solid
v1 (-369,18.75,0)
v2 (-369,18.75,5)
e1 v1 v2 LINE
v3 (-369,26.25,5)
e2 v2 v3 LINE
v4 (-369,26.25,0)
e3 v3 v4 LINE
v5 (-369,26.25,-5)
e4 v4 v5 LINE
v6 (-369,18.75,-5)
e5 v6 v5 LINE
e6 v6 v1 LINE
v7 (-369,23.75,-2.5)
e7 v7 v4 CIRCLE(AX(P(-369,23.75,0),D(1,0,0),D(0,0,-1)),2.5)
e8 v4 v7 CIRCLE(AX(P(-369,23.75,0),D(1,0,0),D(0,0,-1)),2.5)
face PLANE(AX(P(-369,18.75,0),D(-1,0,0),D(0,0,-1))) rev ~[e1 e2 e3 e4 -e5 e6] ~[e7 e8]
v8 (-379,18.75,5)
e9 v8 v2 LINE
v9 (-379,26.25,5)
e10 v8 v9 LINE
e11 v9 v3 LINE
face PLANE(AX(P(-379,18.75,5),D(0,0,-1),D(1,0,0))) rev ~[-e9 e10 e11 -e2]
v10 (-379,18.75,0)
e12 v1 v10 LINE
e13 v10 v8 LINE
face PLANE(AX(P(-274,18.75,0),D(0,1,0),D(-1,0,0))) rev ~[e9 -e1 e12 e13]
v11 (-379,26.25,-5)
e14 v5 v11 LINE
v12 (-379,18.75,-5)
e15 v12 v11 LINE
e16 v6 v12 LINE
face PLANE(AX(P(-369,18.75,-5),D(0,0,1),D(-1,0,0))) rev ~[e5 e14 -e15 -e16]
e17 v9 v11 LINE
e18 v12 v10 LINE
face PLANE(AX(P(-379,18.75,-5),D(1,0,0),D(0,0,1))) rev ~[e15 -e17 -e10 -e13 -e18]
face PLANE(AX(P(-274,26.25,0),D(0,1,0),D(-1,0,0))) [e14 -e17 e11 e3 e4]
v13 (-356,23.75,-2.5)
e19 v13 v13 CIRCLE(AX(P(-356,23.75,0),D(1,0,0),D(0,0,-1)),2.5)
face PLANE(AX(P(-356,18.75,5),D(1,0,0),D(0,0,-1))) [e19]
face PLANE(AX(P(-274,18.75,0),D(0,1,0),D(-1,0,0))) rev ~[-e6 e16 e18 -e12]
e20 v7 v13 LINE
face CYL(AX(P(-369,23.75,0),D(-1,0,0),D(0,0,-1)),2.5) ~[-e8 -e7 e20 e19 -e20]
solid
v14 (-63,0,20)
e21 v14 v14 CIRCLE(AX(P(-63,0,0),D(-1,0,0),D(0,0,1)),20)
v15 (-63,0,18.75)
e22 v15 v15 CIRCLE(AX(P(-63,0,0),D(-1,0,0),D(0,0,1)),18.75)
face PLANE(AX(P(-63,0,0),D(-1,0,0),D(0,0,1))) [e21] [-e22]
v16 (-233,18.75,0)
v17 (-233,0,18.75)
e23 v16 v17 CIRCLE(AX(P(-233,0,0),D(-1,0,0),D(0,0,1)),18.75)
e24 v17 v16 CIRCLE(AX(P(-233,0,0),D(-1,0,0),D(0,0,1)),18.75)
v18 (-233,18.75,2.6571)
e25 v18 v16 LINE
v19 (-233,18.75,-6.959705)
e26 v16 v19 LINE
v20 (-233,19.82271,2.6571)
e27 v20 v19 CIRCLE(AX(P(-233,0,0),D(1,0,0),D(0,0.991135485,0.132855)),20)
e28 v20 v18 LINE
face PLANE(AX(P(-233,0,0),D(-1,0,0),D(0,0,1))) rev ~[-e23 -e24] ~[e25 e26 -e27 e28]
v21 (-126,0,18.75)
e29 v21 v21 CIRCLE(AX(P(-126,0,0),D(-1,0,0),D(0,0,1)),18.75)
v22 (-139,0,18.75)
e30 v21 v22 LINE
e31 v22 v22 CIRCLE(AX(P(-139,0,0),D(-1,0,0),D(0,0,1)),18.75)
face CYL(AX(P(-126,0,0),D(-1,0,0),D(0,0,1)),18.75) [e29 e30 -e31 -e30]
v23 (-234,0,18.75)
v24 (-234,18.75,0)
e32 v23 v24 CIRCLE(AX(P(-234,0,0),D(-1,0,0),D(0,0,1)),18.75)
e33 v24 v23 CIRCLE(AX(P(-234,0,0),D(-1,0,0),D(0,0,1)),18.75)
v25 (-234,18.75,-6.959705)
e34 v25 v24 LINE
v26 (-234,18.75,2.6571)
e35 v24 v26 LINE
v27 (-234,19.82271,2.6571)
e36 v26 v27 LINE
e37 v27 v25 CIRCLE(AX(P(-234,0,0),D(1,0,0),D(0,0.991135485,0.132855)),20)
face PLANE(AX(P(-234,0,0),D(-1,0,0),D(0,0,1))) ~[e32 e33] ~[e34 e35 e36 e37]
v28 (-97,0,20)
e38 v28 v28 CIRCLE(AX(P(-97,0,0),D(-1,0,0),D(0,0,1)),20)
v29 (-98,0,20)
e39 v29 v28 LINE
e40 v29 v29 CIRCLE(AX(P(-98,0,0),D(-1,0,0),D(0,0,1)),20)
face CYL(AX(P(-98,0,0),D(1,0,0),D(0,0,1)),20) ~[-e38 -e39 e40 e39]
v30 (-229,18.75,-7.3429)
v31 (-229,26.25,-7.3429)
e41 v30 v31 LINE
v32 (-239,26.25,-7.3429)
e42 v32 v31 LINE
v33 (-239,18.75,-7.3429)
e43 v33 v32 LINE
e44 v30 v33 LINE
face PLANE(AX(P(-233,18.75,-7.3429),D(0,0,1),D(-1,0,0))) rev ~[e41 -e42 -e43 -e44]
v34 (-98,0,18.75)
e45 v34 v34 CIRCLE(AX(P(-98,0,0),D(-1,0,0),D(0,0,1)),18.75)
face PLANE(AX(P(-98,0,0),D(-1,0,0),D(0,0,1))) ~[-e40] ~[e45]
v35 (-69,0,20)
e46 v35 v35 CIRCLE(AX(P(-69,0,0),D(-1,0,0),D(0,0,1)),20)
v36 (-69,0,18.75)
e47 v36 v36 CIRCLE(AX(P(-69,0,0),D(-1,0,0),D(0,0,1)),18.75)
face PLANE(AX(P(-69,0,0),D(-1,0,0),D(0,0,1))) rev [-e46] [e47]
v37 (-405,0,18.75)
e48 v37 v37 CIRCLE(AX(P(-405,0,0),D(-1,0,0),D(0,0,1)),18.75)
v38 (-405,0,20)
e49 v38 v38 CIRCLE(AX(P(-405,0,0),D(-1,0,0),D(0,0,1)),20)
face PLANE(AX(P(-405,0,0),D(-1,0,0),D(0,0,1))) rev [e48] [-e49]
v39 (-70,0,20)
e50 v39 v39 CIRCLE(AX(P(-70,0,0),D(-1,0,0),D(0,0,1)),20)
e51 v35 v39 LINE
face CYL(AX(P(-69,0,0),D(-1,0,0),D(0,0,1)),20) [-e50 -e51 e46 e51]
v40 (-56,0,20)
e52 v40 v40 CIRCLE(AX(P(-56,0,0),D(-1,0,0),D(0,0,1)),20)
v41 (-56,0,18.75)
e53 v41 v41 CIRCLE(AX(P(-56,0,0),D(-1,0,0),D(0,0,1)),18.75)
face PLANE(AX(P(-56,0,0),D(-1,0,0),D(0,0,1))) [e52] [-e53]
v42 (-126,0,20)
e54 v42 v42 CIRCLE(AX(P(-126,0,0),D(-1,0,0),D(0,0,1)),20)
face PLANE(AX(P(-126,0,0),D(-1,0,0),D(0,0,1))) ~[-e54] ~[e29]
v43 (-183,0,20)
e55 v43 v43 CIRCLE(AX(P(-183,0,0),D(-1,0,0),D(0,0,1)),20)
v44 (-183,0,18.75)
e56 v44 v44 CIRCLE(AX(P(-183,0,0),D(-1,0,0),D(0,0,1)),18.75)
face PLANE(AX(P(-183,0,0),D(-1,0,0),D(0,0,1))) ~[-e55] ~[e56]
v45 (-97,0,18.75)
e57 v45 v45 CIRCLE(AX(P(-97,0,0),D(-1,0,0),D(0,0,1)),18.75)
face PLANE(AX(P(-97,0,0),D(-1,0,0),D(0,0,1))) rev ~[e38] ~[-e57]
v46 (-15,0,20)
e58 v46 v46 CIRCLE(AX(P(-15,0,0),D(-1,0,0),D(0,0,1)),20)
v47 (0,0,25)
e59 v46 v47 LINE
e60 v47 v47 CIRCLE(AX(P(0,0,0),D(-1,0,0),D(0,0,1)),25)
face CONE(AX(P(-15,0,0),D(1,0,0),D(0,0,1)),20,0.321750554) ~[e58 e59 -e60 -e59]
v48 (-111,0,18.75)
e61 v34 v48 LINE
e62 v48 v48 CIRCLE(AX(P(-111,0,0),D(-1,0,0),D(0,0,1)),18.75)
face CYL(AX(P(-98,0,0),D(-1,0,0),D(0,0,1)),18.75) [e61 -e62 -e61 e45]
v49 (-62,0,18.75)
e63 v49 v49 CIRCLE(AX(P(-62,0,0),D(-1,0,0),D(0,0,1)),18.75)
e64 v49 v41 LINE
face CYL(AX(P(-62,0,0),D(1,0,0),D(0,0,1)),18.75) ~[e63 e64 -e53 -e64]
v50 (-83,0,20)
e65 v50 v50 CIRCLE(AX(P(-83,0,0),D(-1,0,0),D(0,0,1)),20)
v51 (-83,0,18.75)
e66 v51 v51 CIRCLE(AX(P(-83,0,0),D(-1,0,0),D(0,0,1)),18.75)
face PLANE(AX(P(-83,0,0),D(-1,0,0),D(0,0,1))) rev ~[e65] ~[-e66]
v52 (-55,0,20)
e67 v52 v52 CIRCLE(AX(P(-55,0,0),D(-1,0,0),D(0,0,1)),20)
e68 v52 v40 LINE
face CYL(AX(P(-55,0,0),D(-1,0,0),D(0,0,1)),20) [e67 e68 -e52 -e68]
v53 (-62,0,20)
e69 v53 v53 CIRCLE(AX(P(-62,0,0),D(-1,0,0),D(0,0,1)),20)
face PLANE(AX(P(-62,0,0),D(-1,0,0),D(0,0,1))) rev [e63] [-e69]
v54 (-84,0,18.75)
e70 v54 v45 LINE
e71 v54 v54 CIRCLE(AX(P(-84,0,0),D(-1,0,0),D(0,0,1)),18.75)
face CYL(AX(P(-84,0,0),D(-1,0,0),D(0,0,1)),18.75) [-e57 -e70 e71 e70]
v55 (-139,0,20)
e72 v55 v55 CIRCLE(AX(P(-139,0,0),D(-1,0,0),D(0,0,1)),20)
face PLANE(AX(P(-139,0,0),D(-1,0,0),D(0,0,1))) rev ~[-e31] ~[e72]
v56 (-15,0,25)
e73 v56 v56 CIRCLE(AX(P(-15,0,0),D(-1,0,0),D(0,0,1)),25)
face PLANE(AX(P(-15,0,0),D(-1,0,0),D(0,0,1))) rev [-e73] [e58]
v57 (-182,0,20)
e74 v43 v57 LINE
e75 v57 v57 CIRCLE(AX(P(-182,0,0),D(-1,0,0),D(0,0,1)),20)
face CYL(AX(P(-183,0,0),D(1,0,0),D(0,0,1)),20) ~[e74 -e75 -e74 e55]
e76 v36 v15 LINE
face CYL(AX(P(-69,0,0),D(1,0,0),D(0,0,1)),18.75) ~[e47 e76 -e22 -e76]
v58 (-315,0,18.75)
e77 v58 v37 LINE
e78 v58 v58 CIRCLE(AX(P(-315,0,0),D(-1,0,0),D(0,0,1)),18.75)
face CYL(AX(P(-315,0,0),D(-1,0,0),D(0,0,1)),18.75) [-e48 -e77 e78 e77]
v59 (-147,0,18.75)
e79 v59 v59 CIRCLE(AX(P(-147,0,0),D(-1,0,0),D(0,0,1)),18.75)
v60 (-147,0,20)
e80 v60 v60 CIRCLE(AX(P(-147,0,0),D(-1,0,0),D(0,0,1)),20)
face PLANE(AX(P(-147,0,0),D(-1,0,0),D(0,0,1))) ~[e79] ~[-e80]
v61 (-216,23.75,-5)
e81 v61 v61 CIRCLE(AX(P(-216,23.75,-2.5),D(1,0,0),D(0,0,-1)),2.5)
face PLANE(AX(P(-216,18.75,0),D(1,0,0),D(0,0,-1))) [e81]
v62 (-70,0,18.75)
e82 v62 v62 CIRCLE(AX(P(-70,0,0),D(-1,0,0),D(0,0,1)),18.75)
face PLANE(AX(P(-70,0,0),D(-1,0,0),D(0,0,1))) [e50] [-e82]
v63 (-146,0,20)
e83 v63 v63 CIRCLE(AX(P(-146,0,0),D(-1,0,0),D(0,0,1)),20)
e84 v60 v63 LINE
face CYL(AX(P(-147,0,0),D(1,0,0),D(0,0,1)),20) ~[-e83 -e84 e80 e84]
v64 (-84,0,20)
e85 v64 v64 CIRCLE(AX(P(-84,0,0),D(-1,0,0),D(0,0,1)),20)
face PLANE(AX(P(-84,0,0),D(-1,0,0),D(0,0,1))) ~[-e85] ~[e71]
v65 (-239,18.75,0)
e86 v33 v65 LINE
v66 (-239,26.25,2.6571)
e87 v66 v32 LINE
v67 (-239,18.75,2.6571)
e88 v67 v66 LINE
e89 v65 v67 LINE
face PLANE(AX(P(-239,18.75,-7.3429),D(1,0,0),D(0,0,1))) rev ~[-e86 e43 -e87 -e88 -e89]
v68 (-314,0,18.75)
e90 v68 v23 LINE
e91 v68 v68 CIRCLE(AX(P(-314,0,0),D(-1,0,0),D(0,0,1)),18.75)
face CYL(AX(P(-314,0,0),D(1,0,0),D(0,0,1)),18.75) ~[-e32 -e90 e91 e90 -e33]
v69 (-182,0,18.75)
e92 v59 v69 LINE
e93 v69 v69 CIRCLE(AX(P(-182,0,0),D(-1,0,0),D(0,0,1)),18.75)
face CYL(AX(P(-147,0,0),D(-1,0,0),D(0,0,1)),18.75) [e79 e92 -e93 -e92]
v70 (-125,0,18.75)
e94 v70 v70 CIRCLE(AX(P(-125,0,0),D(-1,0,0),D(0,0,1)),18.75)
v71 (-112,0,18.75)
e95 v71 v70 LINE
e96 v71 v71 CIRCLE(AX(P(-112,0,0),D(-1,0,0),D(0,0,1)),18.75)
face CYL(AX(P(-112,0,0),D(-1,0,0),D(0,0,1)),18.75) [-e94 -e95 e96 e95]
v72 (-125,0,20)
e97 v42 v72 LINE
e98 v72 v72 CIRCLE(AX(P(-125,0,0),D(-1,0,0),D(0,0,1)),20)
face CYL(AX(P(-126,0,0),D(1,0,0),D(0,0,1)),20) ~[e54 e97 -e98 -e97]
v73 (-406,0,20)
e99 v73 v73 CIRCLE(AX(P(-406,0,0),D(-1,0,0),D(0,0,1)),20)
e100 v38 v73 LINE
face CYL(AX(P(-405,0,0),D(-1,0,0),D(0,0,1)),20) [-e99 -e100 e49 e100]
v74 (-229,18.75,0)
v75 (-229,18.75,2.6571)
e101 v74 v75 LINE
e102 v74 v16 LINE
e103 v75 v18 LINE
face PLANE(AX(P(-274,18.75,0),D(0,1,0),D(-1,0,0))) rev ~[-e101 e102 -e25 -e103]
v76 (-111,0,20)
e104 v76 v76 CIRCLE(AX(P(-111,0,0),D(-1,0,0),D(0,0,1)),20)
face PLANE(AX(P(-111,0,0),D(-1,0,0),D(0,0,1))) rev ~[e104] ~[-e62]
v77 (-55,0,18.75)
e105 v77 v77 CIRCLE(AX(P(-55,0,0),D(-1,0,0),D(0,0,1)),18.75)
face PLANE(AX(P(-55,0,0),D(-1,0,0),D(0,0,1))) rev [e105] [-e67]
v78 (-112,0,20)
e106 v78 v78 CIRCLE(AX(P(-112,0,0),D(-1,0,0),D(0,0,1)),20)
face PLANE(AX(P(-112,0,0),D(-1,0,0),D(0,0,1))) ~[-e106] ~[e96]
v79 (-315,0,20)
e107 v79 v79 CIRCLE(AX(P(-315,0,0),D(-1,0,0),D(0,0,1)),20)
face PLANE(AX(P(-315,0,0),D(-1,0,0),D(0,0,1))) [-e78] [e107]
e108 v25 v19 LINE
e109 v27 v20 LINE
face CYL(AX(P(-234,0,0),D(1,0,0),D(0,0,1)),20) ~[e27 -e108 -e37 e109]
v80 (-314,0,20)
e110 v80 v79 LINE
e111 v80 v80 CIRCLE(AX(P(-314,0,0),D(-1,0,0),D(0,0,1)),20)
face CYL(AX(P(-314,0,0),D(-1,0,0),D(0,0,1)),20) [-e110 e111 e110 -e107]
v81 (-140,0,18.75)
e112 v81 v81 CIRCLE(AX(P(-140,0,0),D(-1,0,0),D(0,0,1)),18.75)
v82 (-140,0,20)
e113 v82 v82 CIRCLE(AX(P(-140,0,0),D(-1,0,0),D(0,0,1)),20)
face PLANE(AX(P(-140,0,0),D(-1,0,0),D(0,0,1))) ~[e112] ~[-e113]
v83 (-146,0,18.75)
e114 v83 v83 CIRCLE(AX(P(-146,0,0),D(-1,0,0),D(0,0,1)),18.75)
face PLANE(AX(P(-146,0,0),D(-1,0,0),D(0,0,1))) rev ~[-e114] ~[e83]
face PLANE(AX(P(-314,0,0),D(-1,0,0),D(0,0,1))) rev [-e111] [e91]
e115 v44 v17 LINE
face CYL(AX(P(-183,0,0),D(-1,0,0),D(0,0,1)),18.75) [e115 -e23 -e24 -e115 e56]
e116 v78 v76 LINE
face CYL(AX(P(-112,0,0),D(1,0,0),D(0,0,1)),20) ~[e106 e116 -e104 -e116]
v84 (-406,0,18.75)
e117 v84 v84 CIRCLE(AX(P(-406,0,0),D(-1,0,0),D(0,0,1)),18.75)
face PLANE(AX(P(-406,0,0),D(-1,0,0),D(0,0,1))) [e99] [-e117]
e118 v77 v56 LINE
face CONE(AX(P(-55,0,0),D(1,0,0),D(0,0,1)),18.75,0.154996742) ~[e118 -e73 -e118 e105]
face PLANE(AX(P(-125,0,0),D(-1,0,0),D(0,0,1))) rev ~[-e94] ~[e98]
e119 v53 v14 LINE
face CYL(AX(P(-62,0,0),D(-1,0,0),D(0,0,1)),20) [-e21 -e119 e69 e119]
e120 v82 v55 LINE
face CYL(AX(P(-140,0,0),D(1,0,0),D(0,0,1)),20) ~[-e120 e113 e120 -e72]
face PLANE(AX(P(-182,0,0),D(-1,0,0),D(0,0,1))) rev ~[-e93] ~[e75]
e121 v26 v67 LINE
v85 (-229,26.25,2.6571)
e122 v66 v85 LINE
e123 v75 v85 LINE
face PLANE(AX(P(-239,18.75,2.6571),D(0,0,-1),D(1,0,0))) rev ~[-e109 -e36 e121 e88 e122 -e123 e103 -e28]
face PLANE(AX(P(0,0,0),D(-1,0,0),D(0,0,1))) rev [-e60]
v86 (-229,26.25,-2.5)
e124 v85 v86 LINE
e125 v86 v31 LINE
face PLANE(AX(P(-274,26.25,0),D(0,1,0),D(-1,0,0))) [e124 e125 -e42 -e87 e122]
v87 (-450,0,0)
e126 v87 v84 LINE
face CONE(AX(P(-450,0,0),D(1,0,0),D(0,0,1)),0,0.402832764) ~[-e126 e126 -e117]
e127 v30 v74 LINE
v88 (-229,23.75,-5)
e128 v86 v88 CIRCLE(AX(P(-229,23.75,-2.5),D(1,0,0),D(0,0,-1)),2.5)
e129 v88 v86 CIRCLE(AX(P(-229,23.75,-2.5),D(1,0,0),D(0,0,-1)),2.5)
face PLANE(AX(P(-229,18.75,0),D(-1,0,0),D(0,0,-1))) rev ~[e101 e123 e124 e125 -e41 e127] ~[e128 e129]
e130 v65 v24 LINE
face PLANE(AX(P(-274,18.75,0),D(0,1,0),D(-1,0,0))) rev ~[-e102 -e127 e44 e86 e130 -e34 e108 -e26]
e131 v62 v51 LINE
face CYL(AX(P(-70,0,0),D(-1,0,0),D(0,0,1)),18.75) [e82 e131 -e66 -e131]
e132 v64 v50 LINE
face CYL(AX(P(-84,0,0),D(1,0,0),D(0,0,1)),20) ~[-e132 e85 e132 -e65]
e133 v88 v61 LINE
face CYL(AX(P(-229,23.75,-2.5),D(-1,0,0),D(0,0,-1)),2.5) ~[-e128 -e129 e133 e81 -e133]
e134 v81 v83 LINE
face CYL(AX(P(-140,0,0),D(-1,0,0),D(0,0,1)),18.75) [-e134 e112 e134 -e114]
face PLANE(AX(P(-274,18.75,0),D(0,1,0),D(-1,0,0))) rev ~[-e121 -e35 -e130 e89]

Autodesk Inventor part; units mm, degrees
ref_plane "YZ Plane" through (0, 0, 0) normal (1, 0, 0) x (0, 1, 0)
ref_plane "XY Plane" through (0, 0, 0) normal (0, 0, 1) x (1, 0, 0)
sketch "Sketch1" plane through (0, 0, 0) normal (0, 1, 0) x (-1, 0, 0)
  line L0 (0, 0) -> (450, 0)
  line L1 (0, 0) -> (0, 25)
  line L2 (15, 0) -> (15, 25)
  line L3 (15, 20) -> (0, 25)
  line L4 (55, 0) -> (55, 20)
  line L5 (55, 20) -> (56, 20)
  line L6 (55, 20) -> (56, 20) construction
  line L7 (56, 20) -> (56, 0)
  line L8 (55, 18.75) -> (15, 25)
  line L9 (56, 0) -> (56, -0.5979)
  line L10 (56, 0) -> (62, 0)
  line L11 (62, 0) -> (62, 20)
  line L12 (62, 18.75) -> (56, 18.75)
  line L13 (62, 20) -> (63, 20)
  line L14 (63, 20) -> (63, 0)
  line L15 (63, 0) -> (69, 0)
  line L16 (69, 0) -> (69, 20)
  line L17 (69, 20) -> (70, 20)
  line L18 (70, 20) -> (70, 0)
  line L19 (69, 18.75) -> (63, 18.75)
  line L20 (70, 18.75) -> (83, 18.75)
  line L21 (83, 18.75) -> (83, 0)
  line L22 (83, 0) -> (84, 0)
  line L23 (84, 0) -> (84, 20)
  line L24 (84, 20) -> (83, 20)
  line L25 (83, 20) -> (83, 18.75)
  line L26 (84, 18.75) -> (97, 18.75)
  line L27 (97, 18.75) -> (97, 0)
  line L28 (97, 0) -> (98, 0)
  line L29 (98, 0) -> (98, 20)
  line L30 (98, 20) -> (97, 20)
  line L31 (97, 20) -> (97, 18.75)
  line L32 (98, 18.75) -> (111, 18.75)
  line L33 (111, 18.75) -> (111, 0)
  line L34 (111, 0) -> (112, 0)
  line L35 (112, 0) -> (112, 20)
  line L36 (112, 20) -> (111, 20)
  line L37 (111, 20) -> (111, 18.75)
  line L38 (126, 0) -> (139, 0)
  line L39 (112, 18.75) -> (125, 18.75)
  line L40 (125, 18.75) -> (125, 0)
  line L41 (125, 0) -> (126, 0)
  line L42 (126, 0) -> (126, 20)
  line L43 (126, 20) -> (125, 20)
  line L44 (125, 20) -> (125, 18.75)
  line L45 (126, 18.75) -> (139, 18.75)
  line L46 (139, 18.75) -> (139, 0)
  line L47 (139, 0) -> (140, 0)
  line L48 (140, 0) -> (140, 20)
  line L49 (140, 20) -> (139, 20)
  line L50 (139, 20) -> (139, 18.75)
  line L51 (140, 18.75) -> (146, 18.75)
  line L52 (146, 18.75) -> (146, 0)
  line L53 (146, 0) -> (147, 0)
  line L54 (147, 0) -> (147, 20)
  line L55 (147, 20) -> (146, 20)
  line L56 (146, 20) -> (146, 18.75)
  line L57 (147, 18.75) -> (182, 18.75)
  line L58 (182, 18.75) -> (182, 0)
  line L59 (182, 0) -> (183, 0)
  line L60 (183, 0) -> (183, 20)
  line L61 (183, 20) -> (182, 20)
  line L62 (182, 20) -> (182, 18.75)
  line L63 (183, 18.75) -> (233, 18.75)
  line L64 (233, 18.75) -> (233, 0)
  line L65 (233, 0) -> (234, 0)
  line L66 (234, 0) -> (234, 20)
  line L67 (234, 20) -> (233, 20)
  line L68 (233, 20) -> (233, 18.75)
  line L69 (234, 0) -> (314, 0)
  line L70 (314, 0) -> (314, 20)
  line L71 (314, 18.75) -> (234, 18.75)
  line L72 (314, 20) -> (315, 20)
  line L73 (315, 20) -> (315, 0)
  line L74 (315, 18.75) -> (405, 18.75)
  line L75 (315, 18.75) -> (314.5, 18.75)
  line L76 (405, 18.75) -> (405, 0)
  line L77 (405, 18.75) -> (405, 20)
  line L78 (405, 20) -> (406, 20)
  line L79 (406, 20) -> (406, 0)
  line L80 (450, 0) -> (406, 18.75)
revolve "Revolution1" add sketch "Sketch1" angle 360 about axis through (0, 0, 0) along (-1, 0, 0)
ref_plane "Work Plane1" through (-274, 18.75, 0) normal (0, 1, 0) x (-1, 0, 0)
sketch "Sketch3" plane through (-274, 18.75, 0) normal (0, 1, 0) x (-1, 0, 0)
  line L0 (132, 18.75) -> (176, 0) projected
  line L1 (176, 0) -> (95, 0)
  line L2 (105, -5) -> (105, 5)
  line L3 (105, 5) -> (95, 5)
  line L4 (95, 5) -> (95, -5)
  line L5 (95, -5) -> (105, -5)
  point P0 (-274, 0)
  point P1 (100, 0)
extrude "Extrusion1" add sketch "Sketch3" along normal blind 7.5
sketch "Sketch4" plane through (-369, 18.75, 5) normal (1, 0, 0) x (0, 0, -1)
  circle A0 centre (5, 5) radius 2.5
  point P0 (5, -18.75)
extrude "Extrusion2" add sketch "Sketch4" along normal blind 13
sketch "Sketch5" plane through (-274, 18.75, 0) normal (0, 1, 0) x (-1, 0, 0)
  line L0 (105, -5) -> (105, 5) projected
  line L1 (105, 0) -> (-35, 0)
  line L2 (95, 0) -> (105, 0) projected
  line L3 (-35, 0) -> (-45, 0)
  line L4 (-45, -7.3429) -> (-35, -7.3429)
  line L5 (-35, -7.3429) -> (-35, 2.6571)
  line L6 (-35, 2.6571) -> (-45, 2.6571)
  line L7 (-45, 2.6571) -> (-45, -7.3429)
  line L8 (-45, -7.3429) -> (-35, 2.6571) construction
  line L9 (-35, -7.3429) -> (-45, 2.6571) construction
  line L10 (-41, -20) -> (-41, 20) projected
  point P0 (-274, 0)
  point P1 (-40, -2.3429)
  dimension "d77" = 140
  dimension "d78" = 10
  dimension "d79" = 10
extrude "Extrusion3" add sketch "Sketch5" along normal blind 7.5
sketch "Sketch6" plane through (-229, 18.75, 0) normal (1, 0, 0) x (0, 0, -1)
  circle A0 centre (2.5, 5) radius 2.5
  point P0 (0, -18.75)
  dimension "d82" = 5
extrude "Extrusion4" add sketch "Sketch6" along normal blind 13
properties part number "bost"
